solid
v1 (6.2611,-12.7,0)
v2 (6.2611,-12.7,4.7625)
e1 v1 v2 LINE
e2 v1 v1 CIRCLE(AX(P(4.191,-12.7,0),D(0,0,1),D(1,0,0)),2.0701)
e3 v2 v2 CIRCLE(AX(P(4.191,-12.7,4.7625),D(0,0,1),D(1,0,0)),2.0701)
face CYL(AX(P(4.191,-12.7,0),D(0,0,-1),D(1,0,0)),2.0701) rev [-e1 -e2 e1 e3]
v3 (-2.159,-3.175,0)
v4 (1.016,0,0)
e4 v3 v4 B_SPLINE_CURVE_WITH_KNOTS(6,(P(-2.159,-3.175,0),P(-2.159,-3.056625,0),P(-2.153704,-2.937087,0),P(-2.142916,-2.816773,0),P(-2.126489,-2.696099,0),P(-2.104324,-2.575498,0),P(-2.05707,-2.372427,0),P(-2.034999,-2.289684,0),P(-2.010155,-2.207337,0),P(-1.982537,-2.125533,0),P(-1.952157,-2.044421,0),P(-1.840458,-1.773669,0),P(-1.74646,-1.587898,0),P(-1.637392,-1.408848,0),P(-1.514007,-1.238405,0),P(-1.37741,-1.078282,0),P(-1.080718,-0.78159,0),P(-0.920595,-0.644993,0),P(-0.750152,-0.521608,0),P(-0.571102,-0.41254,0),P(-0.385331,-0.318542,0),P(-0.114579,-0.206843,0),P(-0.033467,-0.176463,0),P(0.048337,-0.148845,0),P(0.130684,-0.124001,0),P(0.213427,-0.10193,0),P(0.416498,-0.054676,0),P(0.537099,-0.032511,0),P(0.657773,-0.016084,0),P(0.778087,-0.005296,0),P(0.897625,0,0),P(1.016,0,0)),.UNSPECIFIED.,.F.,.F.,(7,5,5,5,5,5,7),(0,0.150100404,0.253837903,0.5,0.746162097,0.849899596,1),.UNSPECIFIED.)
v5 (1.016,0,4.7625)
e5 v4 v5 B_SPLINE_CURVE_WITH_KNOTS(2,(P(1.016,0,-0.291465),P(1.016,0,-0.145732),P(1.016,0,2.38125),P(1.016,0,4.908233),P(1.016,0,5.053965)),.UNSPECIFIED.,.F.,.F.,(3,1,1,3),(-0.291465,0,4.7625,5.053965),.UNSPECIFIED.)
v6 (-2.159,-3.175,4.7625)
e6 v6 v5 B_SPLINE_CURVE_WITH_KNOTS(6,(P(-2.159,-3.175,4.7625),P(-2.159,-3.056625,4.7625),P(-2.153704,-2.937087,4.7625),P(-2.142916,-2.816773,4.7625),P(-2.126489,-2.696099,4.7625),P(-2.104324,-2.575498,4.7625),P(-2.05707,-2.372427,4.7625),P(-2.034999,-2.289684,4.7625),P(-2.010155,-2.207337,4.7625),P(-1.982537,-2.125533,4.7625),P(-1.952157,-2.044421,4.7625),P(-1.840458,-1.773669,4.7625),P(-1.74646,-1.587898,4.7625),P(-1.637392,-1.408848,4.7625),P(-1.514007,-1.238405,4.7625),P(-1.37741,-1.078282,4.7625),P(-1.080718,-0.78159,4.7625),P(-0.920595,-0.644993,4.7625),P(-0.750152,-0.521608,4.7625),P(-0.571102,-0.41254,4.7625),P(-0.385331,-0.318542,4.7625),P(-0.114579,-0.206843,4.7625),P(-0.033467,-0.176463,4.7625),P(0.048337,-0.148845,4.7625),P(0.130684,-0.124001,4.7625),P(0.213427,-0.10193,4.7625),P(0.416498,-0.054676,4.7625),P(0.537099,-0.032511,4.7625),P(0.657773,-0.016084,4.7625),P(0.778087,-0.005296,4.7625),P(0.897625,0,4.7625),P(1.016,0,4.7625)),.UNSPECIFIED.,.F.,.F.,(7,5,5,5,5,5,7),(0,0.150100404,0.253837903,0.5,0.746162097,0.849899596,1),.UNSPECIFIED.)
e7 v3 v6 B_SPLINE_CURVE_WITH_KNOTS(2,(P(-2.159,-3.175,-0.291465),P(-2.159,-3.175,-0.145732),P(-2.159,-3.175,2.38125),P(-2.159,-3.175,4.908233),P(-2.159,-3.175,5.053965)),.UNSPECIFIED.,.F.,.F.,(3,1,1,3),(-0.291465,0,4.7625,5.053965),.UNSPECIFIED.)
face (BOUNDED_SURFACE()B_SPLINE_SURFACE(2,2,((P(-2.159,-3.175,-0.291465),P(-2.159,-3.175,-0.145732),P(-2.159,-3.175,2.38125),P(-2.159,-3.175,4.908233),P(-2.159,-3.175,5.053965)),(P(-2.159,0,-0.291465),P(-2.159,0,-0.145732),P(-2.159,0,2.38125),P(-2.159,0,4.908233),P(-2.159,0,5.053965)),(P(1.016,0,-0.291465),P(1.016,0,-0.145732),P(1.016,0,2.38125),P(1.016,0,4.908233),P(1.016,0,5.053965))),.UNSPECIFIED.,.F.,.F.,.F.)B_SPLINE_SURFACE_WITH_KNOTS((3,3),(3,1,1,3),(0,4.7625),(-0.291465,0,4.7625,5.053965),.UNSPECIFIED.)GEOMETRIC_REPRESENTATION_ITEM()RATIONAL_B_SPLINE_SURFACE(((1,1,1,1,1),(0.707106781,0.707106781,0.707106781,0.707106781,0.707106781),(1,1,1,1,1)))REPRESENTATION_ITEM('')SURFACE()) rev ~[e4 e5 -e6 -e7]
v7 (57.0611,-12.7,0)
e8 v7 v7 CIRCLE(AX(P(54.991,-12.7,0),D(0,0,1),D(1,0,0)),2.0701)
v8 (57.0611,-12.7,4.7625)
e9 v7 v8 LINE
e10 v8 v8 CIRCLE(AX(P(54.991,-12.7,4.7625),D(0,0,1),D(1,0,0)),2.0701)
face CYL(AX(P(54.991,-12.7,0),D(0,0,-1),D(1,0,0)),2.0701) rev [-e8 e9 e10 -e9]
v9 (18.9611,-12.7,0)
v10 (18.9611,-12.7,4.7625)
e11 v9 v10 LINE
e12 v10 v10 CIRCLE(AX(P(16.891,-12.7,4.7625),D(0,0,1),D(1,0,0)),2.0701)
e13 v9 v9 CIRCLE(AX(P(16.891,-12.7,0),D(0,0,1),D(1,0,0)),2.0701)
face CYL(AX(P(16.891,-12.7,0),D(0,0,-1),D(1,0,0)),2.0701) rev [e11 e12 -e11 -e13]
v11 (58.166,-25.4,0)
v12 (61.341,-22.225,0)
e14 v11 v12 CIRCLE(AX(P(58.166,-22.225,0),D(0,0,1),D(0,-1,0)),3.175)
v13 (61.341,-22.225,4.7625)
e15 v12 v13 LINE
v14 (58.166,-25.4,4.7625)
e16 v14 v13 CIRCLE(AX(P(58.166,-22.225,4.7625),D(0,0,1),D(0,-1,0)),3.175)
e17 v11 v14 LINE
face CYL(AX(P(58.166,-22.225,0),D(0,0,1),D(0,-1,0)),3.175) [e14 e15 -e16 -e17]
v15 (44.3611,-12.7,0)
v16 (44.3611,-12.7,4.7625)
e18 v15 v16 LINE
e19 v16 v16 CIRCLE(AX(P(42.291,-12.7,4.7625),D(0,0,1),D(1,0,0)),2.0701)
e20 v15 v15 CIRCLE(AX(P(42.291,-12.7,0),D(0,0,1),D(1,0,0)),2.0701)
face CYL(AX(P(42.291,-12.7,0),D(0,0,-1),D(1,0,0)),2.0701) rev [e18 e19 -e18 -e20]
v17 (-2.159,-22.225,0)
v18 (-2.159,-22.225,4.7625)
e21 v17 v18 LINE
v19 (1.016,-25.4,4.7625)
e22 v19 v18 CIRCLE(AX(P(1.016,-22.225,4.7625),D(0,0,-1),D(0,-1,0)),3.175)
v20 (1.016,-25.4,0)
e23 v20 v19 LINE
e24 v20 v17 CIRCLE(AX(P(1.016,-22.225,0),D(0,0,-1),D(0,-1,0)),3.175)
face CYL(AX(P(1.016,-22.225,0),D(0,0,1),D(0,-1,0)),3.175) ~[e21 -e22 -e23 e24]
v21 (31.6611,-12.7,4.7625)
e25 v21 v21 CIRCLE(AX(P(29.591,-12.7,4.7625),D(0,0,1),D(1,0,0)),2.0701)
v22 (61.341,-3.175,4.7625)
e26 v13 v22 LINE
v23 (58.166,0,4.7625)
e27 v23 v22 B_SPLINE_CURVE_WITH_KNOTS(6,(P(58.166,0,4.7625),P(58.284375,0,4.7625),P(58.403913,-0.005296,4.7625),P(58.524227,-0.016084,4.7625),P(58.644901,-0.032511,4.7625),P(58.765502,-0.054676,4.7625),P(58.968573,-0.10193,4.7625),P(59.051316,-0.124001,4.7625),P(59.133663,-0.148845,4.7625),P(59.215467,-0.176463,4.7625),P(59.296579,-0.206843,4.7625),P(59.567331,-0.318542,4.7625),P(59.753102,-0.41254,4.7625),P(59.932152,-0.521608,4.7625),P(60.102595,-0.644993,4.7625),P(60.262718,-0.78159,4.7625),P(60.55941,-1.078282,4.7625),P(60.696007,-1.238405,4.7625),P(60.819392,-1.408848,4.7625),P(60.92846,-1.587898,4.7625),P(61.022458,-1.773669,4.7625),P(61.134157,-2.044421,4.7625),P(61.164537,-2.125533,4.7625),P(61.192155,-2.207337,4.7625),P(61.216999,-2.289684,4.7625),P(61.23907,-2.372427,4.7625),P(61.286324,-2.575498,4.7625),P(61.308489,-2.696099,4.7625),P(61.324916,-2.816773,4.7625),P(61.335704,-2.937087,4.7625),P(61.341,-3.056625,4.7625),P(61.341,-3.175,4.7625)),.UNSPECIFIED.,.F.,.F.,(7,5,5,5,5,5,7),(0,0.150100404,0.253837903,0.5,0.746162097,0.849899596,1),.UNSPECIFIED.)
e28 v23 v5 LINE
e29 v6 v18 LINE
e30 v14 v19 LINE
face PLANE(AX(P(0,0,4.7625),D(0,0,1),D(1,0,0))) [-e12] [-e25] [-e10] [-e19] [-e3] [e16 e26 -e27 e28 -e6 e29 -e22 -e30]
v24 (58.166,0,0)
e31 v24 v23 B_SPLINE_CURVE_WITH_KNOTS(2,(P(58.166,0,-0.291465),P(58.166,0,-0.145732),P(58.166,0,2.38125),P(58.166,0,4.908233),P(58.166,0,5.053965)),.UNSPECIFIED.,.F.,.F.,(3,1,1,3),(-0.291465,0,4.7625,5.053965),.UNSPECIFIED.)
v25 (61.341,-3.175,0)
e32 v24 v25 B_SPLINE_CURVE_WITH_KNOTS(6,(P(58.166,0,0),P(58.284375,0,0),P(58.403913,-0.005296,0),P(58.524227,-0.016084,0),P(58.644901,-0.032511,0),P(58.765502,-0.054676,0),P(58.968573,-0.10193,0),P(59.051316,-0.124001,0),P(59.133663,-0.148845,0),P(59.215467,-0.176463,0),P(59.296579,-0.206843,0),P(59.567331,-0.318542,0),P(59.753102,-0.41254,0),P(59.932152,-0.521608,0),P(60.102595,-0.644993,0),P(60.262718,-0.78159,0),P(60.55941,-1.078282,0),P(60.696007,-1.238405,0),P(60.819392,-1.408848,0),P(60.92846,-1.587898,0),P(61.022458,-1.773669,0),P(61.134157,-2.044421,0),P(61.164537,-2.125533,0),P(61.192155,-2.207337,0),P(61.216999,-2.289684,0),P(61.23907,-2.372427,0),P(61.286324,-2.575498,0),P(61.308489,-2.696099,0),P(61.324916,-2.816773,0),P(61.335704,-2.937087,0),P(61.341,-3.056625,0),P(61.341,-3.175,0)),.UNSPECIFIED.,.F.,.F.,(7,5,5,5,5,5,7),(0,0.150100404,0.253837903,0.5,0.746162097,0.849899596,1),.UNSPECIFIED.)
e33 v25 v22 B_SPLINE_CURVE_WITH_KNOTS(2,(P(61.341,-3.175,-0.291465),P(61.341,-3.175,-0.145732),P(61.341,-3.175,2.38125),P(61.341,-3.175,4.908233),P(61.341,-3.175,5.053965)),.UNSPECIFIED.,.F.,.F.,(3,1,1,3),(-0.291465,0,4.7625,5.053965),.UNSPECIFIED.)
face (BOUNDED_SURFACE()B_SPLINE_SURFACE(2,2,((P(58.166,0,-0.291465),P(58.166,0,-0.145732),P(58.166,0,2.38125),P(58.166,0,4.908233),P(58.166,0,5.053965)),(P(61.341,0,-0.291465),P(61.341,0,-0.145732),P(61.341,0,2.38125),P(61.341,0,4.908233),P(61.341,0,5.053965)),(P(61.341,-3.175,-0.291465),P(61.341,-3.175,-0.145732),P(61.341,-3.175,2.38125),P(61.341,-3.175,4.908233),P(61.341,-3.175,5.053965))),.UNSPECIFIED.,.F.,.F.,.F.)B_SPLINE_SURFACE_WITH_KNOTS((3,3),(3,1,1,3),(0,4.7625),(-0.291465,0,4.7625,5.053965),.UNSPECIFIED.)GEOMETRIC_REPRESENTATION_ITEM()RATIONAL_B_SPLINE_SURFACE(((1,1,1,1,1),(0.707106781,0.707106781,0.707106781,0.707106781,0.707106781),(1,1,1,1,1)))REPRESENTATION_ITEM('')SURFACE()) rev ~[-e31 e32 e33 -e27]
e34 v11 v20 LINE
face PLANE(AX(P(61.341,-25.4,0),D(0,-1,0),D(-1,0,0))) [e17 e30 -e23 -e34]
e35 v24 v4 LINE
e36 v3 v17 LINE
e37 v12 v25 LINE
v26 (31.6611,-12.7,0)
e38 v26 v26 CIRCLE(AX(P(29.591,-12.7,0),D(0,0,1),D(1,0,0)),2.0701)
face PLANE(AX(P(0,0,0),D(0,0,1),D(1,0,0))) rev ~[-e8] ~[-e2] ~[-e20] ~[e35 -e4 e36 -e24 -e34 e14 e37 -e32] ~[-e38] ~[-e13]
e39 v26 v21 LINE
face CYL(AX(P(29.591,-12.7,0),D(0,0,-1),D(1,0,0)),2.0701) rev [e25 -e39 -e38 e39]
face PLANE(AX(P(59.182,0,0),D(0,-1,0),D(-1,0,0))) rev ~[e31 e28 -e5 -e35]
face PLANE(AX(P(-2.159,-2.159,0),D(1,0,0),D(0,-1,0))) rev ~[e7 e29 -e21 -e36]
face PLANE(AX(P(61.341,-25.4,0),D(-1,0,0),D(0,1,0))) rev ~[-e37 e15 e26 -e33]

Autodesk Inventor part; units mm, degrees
ref_plane "YZ Plane" through (0, 0, 0) normal (1, 0, 0) x (0, 1, 0)
ref_plane "XZ Plane" through (0, 0, 0) normal (0, 1, 0) x (-1, 0, 0)
ref_plane "XY Plane" through (0, 0, 0) normal (0, 0, 1) x (1, 0, 0)
sketch "Sketch1" plane through (0, 0, 0) normal (0, 0, 1) x (1, 0, 0)
  line L0 (61.341, -25.4) -> (61.341, -2.159)
  line L1 (59.182, 0) -> (0, 0)
  line L2 (-2.159, -2.159) -> (-2.159, -25.4)
  circle A0 centre (29.591, -12.7) radius 2.0701
  circle A1 centre (54.991, -12.7) radius 2.0701
  circle A2 centre (4.191, -12.7) radius 2.0701
  circle A3 centre (16.891, -12.7) radius 2.0701
  circle A4 centre (42.291, -12.7) radius 2.0701
  line L3 (61.341, -25.4) -> (-2.159, -25.4)
  line L4 (-2.159, -25.4) -> (-2.159, 0)
  line L5 (-2.159, 0) -> (61.341, 0)
  line L6 (61.341, 0) -> (61.341, -25.4)
  dimension "d0" = 4.1402
  dimension "d1" = 90
  dimension "d2" = 63.5
  dimension "d3" = 0
  dimension "d4" = 25.4
  dimension "d5" = 61.341
  dimension "d6" = 0
  dimension "d7" = 2.159
  dimension "d8" = 2.159
  dimension "d9" = 6.35
  dimension "d10" = 12.7
  dimension "d11" = 19.05
  dimension "d12" = 12.7
  dimension "d13" = 31.75
  dimension "d14" = 12.7
  dimension "d15" = 44.45
  dimension "d16" = 12.7
  dimension "d17" = 57.15
  dimension "d18" = 12.7
  dimension "d19" = 61.341
  dimension "d20" = 2.159
  dimension "d21" = 25.4
extrude "Extrusion1" add sketch "Sketch1" along normal blind 4.7625
fillet "Fillet1" radius 3.175 4 edges at (61.341, 0, 2.3813) (-2.159, 0, 2.3813) (-2.159, -25.4, 2.3813) (61.341, -25.4, 2.3813)
properties part number "armbackspacer" material "Aluminum 6061"
